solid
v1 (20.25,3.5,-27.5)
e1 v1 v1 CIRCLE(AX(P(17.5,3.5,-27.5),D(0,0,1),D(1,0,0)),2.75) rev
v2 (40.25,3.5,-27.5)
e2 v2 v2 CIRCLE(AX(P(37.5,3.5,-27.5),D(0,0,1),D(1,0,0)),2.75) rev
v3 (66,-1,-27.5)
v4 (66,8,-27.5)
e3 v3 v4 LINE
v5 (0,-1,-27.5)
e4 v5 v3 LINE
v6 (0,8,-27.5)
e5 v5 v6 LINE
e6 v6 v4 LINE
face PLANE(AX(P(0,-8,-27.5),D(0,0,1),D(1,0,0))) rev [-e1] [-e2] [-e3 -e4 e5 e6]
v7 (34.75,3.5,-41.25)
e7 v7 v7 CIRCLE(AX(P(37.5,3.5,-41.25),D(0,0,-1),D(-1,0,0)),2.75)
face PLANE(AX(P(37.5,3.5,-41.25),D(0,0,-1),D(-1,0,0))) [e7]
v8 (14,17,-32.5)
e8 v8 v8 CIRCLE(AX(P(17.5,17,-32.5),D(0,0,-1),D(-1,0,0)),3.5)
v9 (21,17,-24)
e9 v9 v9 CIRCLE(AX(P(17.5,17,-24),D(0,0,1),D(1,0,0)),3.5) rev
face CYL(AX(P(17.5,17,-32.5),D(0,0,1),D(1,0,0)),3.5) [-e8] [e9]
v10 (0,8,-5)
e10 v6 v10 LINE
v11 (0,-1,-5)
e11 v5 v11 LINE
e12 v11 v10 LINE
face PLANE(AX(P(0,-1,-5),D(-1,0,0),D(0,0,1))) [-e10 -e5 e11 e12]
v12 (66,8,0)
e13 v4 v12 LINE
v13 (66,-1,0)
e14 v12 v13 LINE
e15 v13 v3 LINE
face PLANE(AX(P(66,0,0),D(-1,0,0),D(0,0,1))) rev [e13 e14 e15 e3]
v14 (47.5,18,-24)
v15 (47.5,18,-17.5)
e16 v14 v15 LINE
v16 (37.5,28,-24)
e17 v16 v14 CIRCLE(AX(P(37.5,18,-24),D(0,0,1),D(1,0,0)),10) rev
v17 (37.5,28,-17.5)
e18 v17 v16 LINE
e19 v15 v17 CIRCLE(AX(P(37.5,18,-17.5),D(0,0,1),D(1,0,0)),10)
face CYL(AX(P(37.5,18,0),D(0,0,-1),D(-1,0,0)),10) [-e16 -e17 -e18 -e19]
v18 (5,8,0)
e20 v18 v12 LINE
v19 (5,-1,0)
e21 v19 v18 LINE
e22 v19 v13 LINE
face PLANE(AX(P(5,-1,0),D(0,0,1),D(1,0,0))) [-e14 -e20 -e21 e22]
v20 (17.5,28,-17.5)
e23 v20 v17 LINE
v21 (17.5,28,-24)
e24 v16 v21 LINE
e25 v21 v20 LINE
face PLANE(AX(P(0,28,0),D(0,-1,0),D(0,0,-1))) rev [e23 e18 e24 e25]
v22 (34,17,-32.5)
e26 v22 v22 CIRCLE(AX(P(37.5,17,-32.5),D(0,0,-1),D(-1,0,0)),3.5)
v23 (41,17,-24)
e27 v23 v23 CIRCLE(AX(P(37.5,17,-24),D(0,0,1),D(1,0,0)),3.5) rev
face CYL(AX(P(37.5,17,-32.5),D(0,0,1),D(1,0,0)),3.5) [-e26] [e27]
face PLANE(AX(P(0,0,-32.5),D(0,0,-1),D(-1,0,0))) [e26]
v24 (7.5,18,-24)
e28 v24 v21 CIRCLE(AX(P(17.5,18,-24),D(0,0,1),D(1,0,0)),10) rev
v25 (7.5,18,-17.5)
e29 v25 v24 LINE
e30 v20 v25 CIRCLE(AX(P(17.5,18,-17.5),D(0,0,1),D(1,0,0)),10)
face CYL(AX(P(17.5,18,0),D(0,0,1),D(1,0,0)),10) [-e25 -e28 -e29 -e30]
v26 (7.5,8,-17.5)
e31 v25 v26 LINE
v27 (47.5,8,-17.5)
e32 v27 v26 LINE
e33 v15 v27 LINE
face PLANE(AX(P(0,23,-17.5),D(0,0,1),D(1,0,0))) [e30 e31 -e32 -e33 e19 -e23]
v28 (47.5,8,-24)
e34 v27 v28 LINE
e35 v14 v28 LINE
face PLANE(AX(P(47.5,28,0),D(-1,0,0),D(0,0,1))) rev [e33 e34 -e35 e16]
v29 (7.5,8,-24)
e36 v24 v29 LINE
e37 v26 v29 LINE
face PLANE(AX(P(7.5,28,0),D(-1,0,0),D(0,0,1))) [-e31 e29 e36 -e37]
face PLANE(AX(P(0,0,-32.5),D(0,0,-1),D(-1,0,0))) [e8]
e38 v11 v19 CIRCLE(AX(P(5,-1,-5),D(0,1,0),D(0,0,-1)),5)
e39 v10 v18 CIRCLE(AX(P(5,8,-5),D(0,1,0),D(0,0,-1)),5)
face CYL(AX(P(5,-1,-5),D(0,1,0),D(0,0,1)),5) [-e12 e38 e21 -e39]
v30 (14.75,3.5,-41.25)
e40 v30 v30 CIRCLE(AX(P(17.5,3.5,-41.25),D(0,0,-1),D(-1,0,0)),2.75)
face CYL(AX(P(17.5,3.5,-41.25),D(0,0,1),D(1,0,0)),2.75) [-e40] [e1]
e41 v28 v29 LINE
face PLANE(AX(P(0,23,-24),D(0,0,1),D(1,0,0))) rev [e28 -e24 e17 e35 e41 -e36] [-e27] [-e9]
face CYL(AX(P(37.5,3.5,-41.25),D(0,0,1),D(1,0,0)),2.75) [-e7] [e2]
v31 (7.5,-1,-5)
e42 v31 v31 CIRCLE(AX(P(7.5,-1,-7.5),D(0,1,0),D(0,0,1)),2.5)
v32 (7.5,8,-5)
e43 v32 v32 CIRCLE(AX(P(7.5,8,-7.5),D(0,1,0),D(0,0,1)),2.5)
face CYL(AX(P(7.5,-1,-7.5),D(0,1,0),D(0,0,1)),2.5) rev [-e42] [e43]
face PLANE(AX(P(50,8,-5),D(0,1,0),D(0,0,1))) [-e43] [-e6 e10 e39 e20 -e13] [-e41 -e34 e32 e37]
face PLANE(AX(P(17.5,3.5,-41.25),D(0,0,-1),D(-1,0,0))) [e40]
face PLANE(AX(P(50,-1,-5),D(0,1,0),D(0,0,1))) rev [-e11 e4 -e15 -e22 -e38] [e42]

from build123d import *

# Parameters (mm, degrees)
BOSS_EXTRUDE2_DEPTH      = 8
BOSS_EXTRUDE2_DEPTH_BACK = 1
SKETCH1_R                = 2.5
CUT_EXTRUDE1_START       = -16
SKETCH2_R                = 2.5
CUT_EXTRUDE1_DEPTH       = 16
SKETCH3_R                = 2.75
BOSS_EXTRUDE3_DEPTH      = 13.75
SKETCH4_W                = 9
SKETCH4_H                = 6.5
BOSS_EXTRUDE4_DEPTH      = 15
BOSS_EXTRUDE5_DEPTH      = 8.5
SKETCH8_W                = 9
SKETCH8_H                = 6.5
BOSS_EXTRUDE6_DEPTH      = 5
SKETCH9_W                = 15.5
SKETCH9_H                = 6.5
BOSS_EXTRUDE7_DEPTH      = 20
SKETCH10_R               = 3.5
BOSS_EXTRUDE8_DEPTH      = 8.5
CUT_EXTRUDE2_START       = -8.5
SKETCH12_R               = 3.5
CUT_EXTRUDE2_DEPTH       = 8.5
FILLET1_R                = 10
BOSS_EXTRUDE9_DEPTH      = 11
BOSS_EXTRUDE9_DEPTH_BACK = 11
SKETCH13_W               = 27.5
SKETCH13_H               = 9


with BuildPart() as part:
    # Sketch1 → Boss-Extrude2 (new, two sides: drawn at the far end of the back side and taken through both)
    with BuildSketch(Plane(origin=(0, 0, 0), x_dir=(1, 0, 0), z_dir=(0, 1, 0)).offset(-BOSS_EXTRUDE2_DEPTH_BACK)):
        with BuildLine():
            Line((5, 0), (50, 0))
            ThreePointArc((50, 0), (53.535533906, 1.464466094), (55, 5))
            Line((55, 5), (55, 50))
            ThreePointArc((55, 50), (53.535533906, 53.535533906), (50, 55))
            Line((50, 55), (5, 55))
            ThreePointArc((5, 55), (1.464466094, 53.535533906), (0, 50))
            Line((0, 50), (0, 5))
            ThreePointArc((0, 5), (1.464466094, 1.464466094), (5, 0))
        make_face()
        with Locations((7.5, 47.5)):
            Circle(SKETCH1_R, mode=Mode.SUBTRACT)
        with Locations((47.5, 47.5)):
            Circle(SKETCH1_R, mode=Mode.SUBTRACT)
        with Locations((47.5, 7.5)):
            Circle(SKETCH1_R, mode=Mode.SUBTRACT)
        with Locations((7.5, 7.5)):
            Circle(SKETCH1_R, mode=Mode.SUBTRACT)
    extrude(amount=BOSS_EXTRUDE2_DEPTH + BOSS_EXTRUDE2_DEPTH_BACK)

    # Sketch2 → Cut-Extrude1 (cut)
    with BuildSketch(Plane(origin=(0, 8, 0), x_dir=(1, 0, 0), z_dir=(0, 1, 0)).offset(CUT_EXTRUDE1_START)):
        with BuildLine():
            Line((0, 50), (0, 27.5))
            Line((0, 27.5), (55, 27.5))
            Line((55, 27.5), (55, 50))
            ThreePointArc((55, 50), (53.535533906, 53.535533906), (50, 55))
            Line((50, 55), (5, 55))
            ThreePointArc((5, 55), (1.464466094, 53.535533906), (0, 50))
        make_face()
        with Locations((7.5, 47.5)):
            Circle(SKETCH2_R, mode=Mode.SUBTRACT)
        with Locations((47.5, 47.5)):
            Circle(SKETCH2_R, mode=Mode.SUBTRACT)
    extrude(amount=CUT_EXTRUDE1_DEPTH, mode=Mode.SUBTRACT)

    # Sketch3 → Boss-Extrude3 (add)
    with BuildSketch(Plane(origin=(0, 0, -27.5), x_dir=(-1, 0, 0), z_dir=(0, 0, -1))):
        with Locations((-37.5, 3.5)):
            Circle(SKETCH3_R)
        with Locations((-17.5, 3.5)):
            Circle(SKETCH3_R)
    extrude(amount=BOSS_EXTRUDE3_DEPTH)

    # Sketch4 → Boss-Extrude4 (add)
    with BuildSketch(Plane(origin=(0, 8, 0), x_dir=(1, 0, 0), z_dir=(0, 1, 0))):
        with Locations((27.5, 20.75)):
            Rectangle(SKETCH4_W, SKETCH4_H)
    extrude(amount=BOSS_EXTRUDE4_DEPTH)

    # Sketch5 → Boss-Extrude5 (add)
    with BuildSketch(Plane(origin=(0, 0, -24), x_dir=(-1, 0, 0), z_dir=(0, 0, -1))):
        with BuildLine():
            ThreePointArc((-25.636419782, 13.037388184), (-24.436298745, 14.307742745), (-24, 16))
            ThreePointArc((-24, 16), (-29.974873734, 18.474873734), (-27.5, 12.5))
            ThreePointArc((-27.5, 12.5), (-26.685966178, 12.595980474), (-25.916578842, 12.878657751))
            ThreePointArc((-25.916578842, 12.878657751), (-25.85405917, 13.094916041), (-25.636419782, 13.037388184))
        make_face()
    extrude(amount=BOSS_EXTRUDE5_DEPTH)

    # Sketch8 → Boss-Extrude6 (add)
    with BuildSketch(Plane(origin=(0, 23, 0), x_dir=(1, 0, 0), z_dir=(0, 1, 0))):
        with Locations((27.5, 20.75)):
            Rectangle(SKETCH8_W, SKETCH8_H)
    extrude(amount=BOSS_EXTRUDE6_DEPTH)

    # Sketch9 → Boss-Extrude7 (add)
    with BuildSketch(Plane(origin=(0, 8, 0), x_dir=(1, 0, 0), z_dir=(0, 1, 0))):
        with Locations((39.75, 20.75)):
            Rectangle(SKETCH9_W, SKETCH9_H)
        with Locations((15.25, 20.75)):
            Rectangle(SKETCH9_W, SKETCH9_H)
    extrude(amount=BOSS_EXTRUDE7_DEPTH)

    # Sketch10 → Boss-Extrude8 (add)
    with BuildSketch(Plane(origin=(0, 0, -24), x_dir=(-1, 0, 0), z_dir=(0, 0, -1))):
        with Locations((-17.5, 17)):
            Circle(SKETCH10_R)
        with Locations((-37.5, 17)):
            Circle(SKETCH10_R)
    extrude(amount=BOSS_EXTRUDE8_DEPTH)

    # Sketch12 → Cut-Extrude2 (cut)
    with BuildSketch(Plane(origin=(0, 0, -32.5), x_dir=(-1, 0, 0), z_dir=(0, 0, -1)).offset(CUT_EXTRUDE2_START)):
        with Locations((-27.5, 16)):
            Circle(SKETCH12_R)
    extrude(amount=CUT_EXTRUDE2_DEPTH, mode=Mode.SUBTRACT)

    # Fillet1
    fillet1_edges = [part.edges().sort_by_distance(p)[0] for p in [
        (47.5, 28, -20.75),
        (7.5, 28, -20.75),
    ]]
    fillet(fillet1_edges, radius=FILLET1_R)

    # Sketch13 → Boss-Extrude9 (add, two sides: drawn at the far end of the back side and taken through both)
    with BuildSketch(Plane(origin=(55, 0, 0), x_dir=(0, 0, -1), z_dir=(1, 0, 0)).offset(-BOSS_EXTRUDE9_DEPTH_BACK)):
        with Locations((13.75, 3.5)):
            Rectangle(SKETCH13_W, SKETCH13_H)
    extrude(amount=BOSS_EXTRUDE9_DEPTH + BOSS_EXTRUDE9_DEPTH_BACK)


solid = part.part
